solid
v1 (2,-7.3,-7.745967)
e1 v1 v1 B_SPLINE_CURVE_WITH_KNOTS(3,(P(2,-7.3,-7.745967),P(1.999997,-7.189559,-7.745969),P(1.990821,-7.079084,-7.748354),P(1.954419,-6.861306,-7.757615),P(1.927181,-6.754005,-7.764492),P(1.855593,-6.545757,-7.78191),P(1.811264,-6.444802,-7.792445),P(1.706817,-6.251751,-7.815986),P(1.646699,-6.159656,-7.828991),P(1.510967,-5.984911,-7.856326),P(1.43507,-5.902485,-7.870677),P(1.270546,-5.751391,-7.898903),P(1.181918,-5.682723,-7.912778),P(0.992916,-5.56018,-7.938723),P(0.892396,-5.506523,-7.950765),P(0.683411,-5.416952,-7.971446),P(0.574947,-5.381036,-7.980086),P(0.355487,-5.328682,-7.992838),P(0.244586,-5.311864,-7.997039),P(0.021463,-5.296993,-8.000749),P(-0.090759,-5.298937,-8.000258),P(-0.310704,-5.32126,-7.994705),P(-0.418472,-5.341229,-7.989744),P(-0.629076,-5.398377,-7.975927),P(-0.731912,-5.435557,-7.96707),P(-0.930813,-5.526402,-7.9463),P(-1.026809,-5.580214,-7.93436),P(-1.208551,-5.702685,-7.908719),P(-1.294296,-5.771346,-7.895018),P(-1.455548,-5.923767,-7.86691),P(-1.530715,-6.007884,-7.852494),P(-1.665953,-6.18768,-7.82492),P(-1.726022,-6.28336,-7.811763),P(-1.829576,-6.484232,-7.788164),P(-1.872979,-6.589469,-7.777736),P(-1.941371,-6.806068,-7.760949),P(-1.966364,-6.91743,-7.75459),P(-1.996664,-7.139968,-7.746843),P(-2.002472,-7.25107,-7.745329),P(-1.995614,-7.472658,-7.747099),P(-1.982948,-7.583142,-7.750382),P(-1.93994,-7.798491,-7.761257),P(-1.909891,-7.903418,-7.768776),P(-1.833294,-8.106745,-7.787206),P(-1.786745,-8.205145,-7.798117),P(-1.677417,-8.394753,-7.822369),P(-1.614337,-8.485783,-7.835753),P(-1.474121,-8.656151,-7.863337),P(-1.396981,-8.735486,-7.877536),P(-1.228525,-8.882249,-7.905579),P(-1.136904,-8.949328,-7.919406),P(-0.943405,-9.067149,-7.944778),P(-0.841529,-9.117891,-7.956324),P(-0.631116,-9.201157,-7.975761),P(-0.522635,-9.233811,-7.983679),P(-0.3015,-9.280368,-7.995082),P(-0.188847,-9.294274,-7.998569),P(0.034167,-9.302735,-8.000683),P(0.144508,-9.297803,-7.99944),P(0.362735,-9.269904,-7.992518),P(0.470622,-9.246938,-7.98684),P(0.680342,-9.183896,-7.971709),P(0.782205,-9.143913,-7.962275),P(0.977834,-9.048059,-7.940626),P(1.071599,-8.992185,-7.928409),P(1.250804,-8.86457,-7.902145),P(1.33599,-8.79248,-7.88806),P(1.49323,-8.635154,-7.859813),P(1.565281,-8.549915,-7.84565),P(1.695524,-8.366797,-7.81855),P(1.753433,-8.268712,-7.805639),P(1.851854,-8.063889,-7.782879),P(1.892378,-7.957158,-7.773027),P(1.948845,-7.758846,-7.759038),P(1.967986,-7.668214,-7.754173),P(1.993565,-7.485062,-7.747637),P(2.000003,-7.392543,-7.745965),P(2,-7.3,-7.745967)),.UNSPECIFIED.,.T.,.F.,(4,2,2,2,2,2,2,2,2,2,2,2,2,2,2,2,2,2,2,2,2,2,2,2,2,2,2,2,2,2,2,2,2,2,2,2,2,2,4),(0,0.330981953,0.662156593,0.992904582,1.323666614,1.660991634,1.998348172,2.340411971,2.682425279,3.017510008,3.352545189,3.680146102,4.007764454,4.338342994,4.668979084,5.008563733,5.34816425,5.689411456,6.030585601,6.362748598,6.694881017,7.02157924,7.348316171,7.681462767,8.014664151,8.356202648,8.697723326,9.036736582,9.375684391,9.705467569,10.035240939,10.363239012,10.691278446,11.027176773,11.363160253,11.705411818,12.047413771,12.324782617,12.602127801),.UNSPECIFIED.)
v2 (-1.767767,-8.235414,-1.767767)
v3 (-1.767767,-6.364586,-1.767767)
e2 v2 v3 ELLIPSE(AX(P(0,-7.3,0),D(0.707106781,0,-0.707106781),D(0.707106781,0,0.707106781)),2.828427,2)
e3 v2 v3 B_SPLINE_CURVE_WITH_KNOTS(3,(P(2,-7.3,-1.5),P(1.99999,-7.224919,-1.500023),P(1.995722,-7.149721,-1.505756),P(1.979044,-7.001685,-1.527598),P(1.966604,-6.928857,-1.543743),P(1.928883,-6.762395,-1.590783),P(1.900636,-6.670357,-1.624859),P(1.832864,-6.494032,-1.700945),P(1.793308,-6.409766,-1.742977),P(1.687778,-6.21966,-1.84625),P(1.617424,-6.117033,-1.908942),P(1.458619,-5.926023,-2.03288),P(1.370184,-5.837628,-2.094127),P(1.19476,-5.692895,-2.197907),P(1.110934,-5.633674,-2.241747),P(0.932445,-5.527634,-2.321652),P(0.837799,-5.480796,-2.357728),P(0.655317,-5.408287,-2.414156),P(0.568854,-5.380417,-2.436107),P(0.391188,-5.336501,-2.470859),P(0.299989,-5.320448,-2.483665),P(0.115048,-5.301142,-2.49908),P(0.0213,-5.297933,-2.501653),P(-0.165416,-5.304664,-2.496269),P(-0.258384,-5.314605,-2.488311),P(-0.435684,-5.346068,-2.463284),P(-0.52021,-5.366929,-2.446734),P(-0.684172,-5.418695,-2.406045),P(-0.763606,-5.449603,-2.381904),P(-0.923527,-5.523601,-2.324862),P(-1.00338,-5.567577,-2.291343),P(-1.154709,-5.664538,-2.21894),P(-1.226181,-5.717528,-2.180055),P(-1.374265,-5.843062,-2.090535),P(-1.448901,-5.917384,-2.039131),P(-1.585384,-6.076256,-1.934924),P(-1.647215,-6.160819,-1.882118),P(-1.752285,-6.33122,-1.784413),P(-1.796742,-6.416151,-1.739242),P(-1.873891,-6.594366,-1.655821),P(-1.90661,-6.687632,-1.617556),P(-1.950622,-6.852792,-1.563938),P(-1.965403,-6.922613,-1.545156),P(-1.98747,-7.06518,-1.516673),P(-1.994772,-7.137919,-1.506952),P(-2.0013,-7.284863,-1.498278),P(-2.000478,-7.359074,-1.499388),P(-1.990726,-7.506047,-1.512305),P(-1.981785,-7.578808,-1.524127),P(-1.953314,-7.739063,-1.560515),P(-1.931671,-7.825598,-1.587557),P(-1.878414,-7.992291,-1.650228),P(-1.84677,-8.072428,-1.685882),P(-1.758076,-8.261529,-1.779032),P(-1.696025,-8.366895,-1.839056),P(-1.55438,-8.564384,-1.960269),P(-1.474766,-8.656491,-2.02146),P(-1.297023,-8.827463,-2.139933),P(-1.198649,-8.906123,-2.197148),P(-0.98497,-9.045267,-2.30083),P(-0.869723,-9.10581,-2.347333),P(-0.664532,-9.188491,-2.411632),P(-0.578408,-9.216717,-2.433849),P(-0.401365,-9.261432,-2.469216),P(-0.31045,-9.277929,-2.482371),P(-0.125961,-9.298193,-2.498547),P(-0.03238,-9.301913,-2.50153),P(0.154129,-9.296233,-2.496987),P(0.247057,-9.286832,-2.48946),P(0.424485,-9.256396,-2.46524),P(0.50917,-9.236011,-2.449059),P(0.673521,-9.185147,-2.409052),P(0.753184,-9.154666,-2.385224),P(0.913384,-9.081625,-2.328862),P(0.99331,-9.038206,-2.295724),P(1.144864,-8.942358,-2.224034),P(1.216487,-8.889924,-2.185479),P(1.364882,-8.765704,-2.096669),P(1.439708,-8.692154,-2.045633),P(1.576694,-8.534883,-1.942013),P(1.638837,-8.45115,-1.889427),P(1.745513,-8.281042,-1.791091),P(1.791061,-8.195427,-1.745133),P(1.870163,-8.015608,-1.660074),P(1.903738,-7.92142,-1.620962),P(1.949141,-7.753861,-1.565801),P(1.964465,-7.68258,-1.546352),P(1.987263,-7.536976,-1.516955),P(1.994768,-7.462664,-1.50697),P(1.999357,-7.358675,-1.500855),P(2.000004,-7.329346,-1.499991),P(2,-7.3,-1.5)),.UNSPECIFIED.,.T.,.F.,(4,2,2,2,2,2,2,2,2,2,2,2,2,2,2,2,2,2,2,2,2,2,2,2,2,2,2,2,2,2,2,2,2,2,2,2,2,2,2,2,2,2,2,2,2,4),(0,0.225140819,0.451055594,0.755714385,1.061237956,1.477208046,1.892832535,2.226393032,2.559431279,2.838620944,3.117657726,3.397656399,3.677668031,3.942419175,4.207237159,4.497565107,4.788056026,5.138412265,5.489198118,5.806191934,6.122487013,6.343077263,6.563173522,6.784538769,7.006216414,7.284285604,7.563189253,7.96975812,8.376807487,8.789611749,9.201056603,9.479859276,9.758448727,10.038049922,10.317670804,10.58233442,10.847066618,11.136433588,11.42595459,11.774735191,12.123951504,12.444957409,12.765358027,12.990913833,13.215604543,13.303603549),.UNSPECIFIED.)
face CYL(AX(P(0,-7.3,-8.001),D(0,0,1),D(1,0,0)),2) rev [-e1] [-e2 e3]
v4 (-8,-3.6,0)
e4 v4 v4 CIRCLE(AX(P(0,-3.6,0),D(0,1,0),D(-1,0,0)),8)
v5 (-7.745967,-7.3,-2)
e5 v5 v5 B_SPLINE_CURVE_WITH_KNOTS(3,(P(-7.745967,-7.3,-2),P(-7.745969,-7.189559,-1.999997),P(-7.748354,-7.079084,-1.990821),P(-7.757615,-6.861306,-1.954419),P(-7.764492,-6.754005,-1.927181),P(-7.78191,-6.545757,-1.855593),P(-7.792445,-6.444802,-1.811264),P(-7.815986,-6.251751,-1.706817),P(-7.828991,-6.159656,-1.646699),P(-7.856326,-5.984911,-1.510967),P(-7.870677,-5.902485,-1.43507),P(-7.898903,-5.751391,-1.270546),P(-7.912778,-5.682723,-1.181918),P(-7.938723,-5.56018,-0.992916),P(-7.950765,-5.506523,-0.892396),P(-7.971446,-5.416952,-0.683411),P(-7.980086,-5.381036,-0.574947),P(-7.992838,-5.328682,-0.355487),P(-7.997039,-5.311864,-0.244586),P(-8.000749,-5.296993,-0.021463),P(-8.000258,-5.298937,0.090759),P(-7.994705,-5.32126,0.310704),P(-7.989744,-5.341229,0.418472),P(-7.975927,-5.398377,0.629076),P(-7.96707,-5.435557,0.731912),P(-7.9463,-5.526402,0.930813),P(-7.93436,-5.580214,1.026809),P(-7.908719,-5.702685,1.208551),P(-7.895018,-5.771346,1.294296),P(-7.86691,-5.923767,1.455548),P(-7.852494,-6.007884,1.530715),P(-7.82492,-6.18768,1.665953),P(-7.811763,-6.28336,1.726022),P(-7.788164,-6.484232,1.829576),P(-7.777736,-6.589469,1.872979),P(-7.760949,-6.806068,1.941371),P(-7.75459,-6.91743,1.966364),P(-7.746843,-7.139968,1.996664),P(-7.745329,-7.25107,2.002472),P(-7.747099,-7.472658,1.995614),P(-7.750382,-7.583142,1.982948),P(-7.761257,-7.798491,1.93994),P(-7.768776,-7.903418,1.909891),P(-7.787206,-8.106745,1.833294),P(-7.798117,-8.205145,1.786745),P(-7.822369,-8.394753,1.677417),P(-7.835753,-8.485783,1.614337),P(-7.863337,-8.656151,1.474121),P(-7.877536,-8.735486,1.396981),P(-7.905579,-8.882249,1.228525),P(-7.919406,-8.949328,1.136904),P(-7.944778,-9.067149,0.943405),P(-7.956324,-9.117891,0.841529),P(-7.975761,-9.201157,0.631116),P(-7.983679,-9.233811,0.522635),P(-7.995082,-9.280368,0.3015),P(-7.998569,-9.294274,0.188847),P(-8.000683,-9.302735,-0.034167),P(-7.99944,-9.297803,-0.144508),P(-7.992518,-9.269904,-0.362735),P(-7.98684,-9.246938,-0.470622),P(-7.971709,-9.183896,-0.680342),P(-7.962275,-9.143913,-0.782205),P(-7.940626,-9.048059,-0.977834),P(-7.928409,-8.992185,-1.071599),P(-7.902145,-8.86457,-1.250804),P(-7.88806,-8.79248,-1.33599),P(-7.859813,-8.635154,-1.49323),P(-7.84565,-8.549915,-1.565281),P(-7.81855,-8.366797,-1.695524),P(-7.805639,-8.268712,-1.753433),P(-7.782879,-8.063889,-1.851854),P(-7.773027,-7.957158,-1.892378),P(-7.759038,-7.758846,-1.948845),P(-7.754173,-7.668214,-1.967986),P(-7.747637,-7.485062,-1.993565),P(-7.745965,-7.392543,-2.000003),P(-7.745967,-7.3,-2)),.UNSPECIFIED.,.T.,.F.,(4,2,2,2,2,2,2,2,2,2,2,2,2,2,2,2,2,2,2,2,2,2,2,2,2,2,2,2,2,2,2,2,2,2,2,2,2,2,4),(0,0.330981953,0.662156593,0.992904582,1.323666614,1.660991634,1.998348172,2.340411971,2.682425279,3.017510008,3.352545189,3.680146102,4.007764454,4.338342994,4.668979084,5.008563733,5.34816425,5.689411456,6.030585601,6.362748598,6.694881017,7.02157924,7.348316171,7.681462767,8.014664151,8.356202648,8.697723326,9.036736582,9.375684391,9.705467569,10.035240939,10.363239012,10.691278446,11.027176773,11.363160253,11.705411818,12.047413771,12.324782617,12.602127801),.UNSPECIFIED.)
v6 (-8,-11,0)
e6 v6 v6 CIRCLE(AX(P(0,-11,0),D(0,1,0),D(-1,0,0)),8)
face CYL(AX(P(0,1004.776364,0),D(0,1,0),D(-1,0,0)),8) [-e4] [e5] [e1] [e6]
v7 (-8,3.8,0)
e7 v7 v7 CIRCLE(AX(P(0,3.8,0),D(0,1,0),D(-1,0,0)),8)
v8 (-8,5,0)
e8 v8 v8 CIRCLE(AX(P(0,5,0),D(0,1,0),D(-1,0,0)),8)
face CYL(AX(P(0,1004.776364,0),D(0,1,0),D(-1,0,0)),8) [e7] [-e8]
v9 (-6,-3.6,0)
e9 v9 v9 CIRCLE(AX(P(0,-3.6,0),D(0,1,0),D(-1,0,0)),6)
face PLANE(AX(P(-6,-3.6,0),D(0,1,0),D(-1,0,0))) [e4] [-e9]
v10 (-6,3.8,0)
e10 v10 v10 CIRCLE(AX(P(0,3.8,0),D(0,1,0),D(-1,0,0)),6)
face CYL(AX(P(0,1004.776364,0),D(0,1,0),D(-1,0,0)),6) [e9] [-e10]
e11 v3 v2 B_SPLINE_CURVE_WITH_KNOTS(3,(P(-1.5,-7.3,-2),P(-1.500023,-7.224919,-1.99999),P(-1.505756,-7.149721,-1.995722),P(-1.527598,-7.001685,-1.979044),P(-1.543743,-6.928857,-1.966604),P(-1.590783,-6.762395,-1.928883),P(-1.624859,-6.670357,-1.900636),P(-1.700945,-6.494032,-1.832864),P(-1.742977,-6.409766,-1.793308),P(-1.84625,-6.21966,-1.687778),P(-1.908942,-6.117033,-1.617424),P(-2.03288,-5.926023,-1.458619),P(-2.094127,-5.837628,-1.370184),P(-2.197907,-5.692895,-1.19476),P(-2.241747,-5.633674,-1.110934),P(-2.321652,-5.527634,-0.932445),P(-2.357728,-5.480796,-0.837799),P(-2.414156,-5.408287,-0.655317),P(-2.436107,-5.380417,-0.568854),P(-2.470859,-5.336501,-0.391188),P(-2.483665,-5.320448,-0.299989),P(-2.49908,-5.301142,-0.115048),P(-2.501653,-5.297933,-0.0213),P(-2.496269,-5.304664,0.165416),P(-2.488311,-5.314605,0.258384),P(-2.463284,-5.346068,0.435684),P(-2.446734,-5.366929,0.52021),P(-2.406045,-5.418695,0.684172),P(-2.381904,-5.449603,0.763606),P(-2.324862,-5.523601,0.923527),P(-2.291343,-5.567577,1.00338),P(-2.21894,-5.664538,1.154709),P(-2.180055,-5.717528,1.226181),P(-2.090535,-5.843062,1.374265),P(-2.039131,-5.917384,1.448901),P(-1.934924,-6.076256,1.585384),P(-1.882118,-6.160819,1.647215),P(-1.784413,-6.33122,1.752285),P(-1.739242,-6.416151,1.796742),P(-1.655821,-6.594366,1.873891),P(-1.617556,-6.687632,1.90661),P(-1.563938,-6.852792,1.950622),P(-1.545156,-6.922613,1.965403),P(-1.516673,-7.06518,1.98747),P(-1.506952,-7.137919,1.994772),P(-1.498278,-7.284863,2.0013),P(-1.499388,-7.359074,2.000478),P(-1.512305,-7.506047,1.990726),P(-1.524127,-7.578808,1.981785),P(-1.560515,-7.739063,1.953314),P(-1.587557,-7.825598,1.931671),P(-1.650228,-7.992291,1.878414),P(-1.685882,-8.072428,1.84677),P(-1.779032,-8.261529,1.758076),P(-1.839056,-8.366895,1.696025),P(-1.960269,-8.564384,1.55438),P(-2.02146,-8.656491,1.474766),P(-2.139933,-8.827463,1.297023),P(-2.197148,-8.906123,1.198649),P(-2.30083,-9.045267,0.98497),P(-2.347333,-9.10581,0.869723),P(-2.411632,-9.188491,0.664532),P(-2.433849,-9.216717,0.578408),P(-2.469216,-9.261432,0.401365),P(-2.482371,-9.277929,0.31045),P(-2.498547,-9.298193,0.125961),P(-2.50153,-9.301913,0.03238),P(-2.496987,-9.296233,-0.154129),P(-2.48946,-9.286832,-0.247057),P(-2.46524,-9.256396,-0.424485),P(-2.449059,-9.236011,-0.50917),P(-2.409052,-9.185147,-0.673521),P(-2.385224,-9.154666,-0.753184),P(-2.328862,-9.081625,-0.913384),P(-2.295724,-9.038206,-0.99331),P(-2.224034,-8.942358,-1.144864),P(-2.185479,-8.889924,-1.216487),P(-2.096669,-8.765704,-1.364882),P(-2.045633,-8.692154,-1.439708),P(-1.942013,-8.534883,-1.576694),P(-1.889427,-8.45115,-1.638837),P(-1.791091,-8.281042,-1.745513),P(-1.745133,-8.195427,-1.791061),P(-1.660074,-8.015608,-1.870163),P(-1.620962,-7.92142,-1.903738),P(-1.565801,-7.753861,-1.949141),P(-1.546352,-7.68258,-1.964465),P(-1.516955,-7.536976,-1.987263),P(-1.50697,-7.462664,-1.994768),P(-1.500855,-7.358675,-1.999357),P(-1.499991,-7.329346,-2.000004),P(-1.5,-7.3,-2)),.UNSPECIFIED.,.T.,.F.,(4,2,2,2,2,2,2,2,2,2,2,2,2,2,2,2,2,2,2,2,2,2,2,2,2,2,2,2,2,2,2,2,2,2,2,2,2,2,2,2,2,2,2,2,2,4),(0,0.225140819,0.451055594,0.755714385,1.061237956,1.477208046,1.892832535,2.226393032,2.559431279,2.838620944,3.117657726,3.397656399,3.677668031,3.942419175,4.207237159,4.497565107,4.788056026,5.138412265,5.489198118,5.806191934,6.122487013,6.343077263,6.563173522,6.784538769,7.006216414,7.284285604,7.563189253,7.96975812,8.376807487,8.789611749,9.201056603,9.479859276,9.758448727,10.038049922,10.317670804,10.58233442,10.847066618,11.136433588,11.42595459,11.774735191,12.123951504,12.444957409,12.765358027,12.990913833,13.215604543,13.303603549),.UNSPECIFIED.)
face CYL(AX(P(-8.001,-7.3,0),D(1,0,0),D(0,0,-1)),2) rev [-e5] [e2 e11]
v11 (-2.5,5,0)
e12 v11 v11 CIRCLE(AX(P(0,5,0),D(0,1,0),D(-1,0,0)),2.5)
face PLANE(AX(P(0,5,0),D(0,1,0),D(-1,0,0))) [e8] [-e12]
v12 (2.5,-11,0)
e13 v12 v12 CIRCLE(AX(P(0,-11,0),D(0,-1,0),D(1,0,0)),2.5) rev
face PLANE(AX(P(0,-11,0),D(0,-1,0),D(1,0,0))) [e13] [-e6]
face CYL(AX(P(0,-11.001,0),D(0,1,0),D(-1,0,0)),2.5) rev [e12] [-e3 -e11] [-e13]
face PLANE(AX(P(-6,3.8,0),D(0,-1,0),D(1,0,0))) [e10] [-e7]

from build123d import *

# Parameters (mm, degrees)
CUT_EXTRUDE1_REACH      = 21.596
SKETCH2_R               = 2.5
CUT_EXTRUDE2_REACH      = 17.78
CUT_EXTRUDE2_END_RADIUS = 8
SKETCH3_R               = 2
CIRPATTERN1_COUNT       = 2
CIRPATTERN1_ANGLE       = 90


with BuildPart() as part:
    # Sketch1 → Revolve1 (revolve)
    with BuildSketch(Plane.XY):
        Polygon((0, 5), (-8, 5), (-8, 3.8), (-6, 3.8), (-6, -3.6), (-8, -3.6), (-8, -11), (0, -11), align=None)
    revolve(axis=Axis((0, 1004.776363636, 0), (0, -1, 0)))

    # Sketch2 → Cut-Extrude1 (cut, up to next)
    with BuildSketch(Plane(origin=(0, 5, 0), x_dir=(1, 0, 0), z_dir=(0, 1, 0)), mode=Mode.PRIVATE) as cut_extrude1_sk1:
        with Locations(Location((0, 0, 0), (0, 0, 180))):
            Circle(SKETCH2_R)
    cut_extrude1_tool1 = extrude(cut_extrude1_sk1.sketch, amount=-CUT_EXTRUDE1_REACH, mode=Mode.PRIVATE) & part.part
    add(cut_extrude1_tool1.solids().sort_by_distance((0, 5, 0))[0], mode=Mode.SUBTRACT)

    # Cut-Extrude2: up to this cylinder (the profile starts inside it)
    cut_extrude2_end = Plane(origin=(0, -7.3, 0), z_dir=(0, 1, 0)) * Cylinder(CUT_EXTRUDE2_END_RADIUS, 52.56, mode=Mode.PRIVATE)
    # Sketch3 → Cut-Extrude2 (cut, up to the surface)
    with BuildSketch(Plane.XY, mode=Mode.PRIVATE) as cut_extrude2_sk1:
        with Locations((0, -7.3)):
            Circle(SKETCH3_R)
    cut_extrude2_tool1 = extrude(cut_extrude2_sk1.sketch, amount=-CUT_EXTRUDE2_REACH, mode=Mode.PRIVATE) & cut_extrude2_end
    cut_extrude2 = cut_extrude2_tool1.solids().sort_by_distance((0, -7.3, 0))[0]
    add(cut_extrude2, mode=Mode.SUBTRACT)

    # CirPattern1: Cut-Extrude2 ×2 about axis
    cirpattern1_axis = Axis((0, -11, 0), (0, 1, 0))
    for i in range(1, CIRPATTERN1_COUNT):
        add(cut_extrude2.rotate(cirpattern1_axis, i * CIRPATTERN1_ANGLE / (CIRPATTERN1_COUNT - 1)), mode=Mode.SUBTRACT)


solid = part.part
